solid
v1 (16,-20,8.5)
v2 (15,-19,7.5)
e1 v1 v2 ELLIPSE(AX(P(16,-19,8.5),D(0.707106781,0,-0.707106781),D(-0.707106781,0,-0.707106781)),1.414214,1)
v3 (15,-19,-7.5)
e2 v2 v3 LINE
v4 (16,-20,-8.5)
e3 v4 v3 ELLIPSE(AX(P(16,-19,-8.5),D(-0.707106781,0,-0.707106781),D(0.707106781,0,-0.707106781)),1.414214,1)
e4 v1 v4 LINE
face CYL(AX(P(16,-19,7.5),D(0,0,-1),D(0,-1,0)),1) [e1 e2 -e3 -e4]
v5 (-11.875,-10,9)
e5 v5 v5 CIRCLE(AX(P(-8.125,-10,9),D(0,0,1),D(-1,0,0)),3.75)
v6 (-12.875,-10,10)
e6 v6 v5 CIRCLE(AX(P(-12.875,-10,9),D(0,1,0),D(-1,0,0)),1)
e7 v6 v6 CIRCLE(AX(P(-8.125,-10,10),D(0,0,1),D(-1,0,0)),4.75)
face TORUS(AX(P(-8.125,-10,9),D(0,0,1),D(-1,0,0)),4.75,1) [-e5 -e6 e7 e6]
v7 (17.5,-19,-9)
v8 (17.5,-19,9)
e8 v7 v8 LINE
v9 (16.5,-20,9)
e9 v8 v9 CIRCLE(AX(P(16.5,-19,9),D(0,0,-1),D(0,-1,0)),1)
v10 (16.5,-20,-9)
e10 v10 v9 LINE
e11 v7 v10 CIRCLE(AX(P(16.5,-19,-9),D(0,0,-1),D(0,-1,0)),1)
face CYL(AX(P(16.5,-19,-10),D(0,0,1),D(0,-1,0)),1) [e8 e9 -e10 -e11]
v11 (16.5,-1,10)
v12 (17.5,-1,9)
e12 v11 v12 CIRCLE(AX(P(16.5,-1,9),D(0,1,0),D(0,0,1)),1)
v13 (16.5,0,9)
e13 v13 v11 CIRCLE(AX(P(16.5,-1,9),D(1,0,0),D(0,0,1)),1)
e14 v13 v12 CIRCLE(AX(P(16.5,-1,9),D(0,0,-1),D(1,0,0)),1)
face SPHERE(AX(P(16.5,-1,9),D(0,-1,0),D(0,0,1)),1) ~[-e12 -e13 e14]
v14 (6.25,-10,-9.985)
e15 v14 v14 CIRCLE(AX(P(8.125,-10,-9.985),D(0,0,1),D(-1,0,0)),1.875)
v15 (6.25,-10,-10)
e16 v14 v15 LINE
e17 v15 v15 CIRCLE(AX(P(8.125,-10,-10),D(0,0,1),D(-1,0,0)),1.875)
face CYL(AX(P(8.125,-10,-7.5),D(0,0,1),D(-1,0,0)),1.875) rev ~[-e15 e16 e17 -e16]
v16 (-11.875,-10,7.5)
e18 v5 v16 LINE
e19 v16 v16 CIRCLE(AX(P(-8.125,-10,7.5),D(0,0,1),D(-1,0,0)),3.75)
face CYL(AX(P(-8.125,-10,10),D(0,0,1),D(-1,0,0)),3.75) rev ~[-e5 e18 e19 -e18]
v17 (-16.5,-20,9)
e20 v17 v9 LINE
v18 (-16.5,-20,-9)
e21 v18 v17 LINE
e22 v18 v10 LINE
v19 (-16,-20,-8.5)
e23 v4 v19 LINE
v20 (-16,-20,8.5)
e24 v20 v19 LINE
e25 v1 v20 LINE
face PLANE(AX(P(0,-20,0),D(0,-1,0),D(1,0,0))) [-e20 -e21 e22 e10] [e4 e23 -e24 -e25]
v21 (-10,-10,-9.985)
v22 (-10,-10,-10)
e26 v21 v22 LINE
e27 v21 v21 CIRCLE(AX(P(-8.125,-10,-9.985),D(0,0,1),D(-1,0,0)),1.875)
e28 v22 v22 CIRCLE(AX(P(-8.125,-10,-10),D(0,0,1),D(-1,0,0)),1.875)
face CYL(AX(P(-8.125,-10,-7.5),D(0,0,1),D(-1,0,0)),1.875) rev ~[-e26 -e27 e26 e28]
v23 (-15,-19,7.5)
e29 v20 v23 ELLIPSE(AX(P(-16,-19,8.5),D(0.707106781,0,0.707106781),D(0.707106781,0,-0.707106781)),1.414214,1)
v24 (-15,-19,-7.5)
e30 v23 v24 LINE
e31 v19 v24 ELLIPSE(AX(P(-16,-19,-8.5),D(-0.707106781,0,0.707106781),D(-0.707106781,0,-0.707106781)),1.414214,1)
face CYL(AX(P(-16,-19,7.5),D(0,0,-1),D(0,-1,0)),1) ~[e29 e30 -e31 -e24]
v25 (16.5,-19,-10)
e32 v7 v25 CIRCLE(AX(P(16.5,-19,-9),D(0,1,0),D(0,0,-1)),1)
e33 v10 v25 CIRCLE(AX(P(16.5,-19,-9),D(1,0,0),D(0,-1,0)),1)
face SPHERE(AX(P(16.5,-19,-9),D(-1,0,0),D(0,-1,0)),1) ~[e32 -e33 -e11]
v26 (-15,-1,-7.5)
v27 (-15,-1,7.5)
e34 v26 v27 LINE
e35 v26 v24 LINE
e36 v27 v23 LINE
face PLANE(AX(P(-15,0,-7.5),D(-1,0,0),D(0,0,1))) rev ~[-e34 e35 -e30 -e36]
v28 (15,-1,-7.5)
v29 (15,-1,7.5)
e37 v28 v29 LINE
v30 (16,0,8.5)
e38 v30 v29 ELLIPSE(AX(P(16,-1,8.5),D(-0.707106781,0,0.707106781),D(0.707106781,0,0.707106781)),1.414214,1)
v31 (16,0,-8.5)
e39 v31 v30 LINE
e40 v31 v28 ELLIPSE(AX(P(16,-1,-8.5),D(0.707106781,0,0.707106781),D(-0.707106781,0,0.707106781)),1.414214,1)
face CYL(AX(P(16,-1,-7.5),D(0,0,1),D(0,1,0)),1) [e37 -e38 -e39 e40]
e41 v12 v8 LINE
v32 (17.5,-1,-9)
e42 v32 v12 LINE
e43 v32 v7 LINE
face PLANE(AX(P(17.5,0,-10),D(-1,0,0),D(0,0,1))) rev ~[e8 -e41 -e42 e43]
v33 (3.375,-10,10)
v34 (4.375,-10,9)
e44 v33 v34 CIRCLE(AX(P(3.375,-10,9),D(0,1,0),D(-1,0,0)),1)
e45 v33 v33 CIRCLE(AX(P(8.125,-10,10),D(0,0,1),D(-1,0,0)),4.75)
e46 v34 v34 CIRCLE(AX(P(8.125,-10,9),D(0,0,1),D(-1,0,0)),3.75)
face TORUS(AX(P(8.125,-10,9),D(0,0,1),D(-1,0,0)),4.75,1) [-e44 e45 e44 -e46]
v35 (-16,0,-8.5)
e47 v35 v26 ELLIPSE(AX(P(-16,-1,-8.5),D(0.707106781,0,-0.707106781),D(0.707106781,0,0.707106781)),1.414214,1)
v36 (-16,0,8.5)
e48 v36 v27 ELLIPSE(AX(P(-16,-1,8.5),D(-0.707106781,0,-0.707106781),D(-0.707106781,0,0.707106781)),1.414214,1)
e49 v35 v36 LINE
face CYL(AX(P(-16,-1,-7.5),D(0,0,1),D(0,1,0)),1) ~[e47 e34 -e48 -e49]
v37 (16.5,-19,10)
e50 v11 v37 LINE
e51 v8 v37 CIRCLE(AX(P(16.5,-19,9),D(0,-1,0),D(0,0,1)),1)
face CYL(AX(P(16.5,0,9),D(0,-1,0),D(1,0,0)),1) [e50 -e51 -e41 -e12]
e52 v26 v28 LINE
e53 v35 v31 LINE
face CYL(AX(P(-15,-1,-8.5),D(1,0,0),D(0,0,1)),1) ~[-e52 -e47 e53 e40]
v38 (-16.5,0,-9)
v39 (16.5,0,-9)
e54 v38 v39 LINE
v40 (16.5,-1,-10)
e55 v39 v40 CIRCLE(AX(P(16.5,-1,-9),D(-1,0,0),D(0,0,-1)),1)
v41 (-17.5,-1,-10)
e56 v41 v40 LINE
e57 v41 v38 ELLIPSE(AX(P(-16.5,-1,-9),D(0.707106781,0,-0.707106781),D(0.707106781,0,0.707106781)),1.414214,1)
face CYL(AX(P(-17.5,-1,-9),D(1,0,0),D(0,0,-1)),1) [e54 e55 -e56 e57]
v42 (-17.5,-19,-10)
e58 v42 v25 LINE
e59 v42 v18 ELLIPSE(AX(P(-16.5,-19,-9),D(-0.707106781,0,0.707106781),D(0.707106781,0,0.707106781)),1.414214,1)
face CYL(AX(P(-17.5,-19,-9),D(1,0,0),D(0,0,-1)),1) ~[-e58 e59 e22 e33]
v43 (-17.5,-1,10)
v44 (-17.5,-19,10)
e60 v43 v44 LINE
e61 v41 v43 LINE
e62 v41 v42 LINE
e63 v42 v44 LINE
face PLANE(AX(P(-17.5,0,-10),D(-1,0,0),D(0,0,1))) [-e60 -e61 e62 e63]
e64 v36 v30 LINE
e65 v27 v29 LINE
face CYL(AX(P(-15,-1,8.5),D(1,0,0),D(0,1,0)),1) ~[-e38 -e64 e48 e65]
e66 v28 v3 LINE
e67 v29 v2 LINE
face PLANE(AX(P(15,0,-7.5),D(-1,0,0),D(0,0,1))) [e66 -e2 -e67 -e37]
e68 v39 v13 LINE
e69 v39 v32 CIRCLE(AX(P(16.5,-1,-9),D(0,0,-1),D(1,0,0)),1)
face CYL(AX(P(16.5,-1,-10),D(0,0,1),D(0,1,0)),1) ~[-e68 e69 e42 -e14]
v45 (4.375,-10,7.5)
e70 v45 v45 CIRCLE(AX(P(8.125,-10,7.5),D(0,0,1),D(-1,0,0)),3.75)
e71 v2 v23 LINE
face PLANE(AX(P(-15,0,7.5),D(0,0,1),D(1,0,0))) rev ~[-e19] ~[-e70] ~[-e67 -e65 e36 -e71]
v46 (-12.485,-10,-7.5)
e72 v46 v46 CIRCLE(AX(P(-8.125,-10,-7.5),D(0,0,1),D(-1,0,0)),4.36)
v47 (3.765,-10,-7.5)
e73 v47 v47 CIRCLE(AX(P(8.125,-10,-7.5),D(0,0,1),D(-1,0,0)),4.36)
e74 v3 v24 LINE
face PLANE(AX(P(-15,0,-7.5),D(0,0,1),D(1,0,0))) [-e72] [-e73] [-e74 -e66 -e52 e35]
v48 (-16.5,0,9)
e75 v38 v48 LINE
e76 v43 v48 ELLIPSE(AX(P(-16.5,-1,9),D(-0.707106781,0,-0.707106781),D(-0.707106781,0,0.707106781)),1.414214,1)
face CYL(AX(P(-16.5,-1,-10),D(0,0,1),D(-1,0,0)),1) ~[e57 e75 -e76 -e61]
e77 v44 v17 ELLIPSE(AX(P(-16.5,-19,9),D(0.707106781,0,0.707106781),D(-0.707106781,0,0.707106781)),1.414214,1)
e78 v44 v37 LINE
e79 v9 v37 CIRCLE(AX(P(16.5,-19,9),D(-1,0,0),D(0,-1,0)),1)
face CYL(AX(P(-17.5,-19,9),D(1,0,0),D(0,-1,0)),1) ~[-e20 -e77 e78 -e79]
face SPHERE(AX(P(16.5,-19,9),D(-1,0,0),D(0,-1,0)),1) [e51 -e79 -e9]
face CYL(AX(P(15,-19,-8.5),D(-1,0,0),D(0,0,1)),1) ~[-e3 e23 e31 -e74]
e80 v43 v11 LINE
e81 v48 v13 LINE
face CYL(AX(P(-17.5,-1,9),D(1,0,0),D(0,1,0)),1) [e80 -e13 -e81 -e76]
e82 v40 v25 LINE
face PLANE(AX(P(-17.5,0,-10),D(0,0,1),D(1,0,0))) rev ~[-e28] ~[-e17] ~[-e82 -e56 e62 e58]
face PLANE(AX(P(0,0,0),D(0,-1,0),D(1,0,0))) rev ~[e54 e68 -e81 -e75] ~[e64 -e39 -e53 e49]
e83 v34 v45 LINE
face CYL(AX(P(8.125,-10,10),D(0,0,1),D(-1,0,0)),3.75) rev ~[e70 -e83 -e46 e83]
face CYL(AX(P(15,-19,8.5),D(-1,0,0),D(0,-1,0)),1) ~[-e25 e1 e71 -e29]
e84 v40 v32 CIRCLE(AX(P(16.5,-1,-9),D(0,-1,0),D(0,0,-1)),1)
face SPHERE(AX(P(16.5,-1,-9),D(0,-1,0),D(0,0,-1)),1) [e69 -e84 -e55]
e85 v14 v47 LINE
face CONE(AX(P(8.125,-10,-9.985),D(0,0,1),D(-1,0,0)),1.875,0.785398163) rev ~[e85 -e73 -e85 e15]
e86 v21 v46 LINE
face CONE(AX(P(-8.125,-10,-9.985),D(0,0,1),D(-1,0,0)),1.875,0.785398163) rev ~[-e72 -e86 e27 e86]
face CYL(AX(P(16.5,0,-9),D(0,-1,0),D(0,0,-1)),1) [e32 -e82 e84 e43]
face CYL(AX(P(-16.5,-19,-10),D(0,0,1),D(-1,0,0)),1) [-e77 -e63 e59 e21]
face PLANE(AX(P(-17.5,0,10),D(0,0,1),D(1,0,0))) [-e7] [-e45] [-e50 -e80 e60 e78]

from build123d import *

# Parameters (mm, degrees)
SKETCH_W          = 35
SKETCH_H          = 20
PAD_DEPTH         = 20
SKETCH001_W       = 30
SKETCH001_H       = 15
POCKET_DEPTH      = 0.001
POCKET_DEPTH_BACK = 20.001
SKETCH002_R       = 3.75
POCKET001_DEPTH   = 3.5
SKETCH003_R       = 1.875
POCKET002_DEPTH   = 2.5
CHAMFER_SIZE      = 2.485
FILLET_R          = 1


with BuildPart() as part:
    # Sketch → Pad (new body)
    with BuildSketch(Plane.XZ):
        Rectangle(SKETCH_W, SKETCH_H)
    extrude(amount=PAD_DEPTH)

    # Sketch001 → Pocket (cut, two sides)
    with BuildSketch(Plane.XZ) as pocket_sk:
        Rectangle(SKETCH001_W, SKETCH001_H)
    extrude(amount=-POCKET_DEPTH, mode=Mode.SUBTRACT)
    extrude(pocket_sk.sketch, amount=POCKET_DEPTH_BACK, mode=Mode.SUBTRACT)

    # Sketch002 (on DatumPlane) → Pocket001 (cut)
    with BuildSketch(Plane(origin=(0, 0, 10), x_dir=(-1, 0, 0), z_dir=(0, 0, 1))):
        with Locations((-8.125, 10)):
            Circle(SKETCH002_R)
        with Locations((8.125, 10)):
            Circle(SKETCH002_R)
    extrude(amount=-POCKET001_DEPTH, mode=Mode.SUBTRACT)

    # Sketch003 (on DatumPlane) → Pocket002 (cut)
    with BuildSketch(Plane(origin=(0, 0, -7.5), x_dir=(-1, 0, 0), z_dir=(0, 0, 1))):
        with Locations((-8.125, 10)):
            Circle(SKETCH003_R)
        with Locations((8.125, 10)):
            Circle(SKETCH003_R)
    extrude(amount=-POCKET002_DEPTH, mode=Mode.SUBTRACT)

    # Chamfer
    chamfer_edges = [part.edges().sort_by_distance(p)[0] for p in [
        (-6.25, -10, -7.5),
        (10, -10, -7.5),
    ]]
    chamfer(chamfer_edges, length=CHAMFER_SIZE)

    # Fillet
    fillet_edges = [part.edges().sort_by_distance(p)[0] for p in [
        (-17.5, -20, 0),
        (0, -20, 10),
        (0, -20, -10),
        (17.5, -20, 0),
        (-15, -20, 0),
        (0, -20, 7.5),
        (15, -20, 0),
        (0, -20, -7.5),
        (-4.375, -10, 10),
        (11.875, -10, 10),
        (17.5, -10, 10),
        (17.5, -10, -10),
        (-17.5, 0, 0),
        (0, 0, 10),
        (0, 0, -10),
        (17.5, 0, 0),
        (-15, 0, 0),
        (0, 0, 7.5),
        (15, 0, 0),
        (0, 0, -7.5),
    ]]
    fillet(fillet_edges, radius=FILLET_R)


solid = part.part
